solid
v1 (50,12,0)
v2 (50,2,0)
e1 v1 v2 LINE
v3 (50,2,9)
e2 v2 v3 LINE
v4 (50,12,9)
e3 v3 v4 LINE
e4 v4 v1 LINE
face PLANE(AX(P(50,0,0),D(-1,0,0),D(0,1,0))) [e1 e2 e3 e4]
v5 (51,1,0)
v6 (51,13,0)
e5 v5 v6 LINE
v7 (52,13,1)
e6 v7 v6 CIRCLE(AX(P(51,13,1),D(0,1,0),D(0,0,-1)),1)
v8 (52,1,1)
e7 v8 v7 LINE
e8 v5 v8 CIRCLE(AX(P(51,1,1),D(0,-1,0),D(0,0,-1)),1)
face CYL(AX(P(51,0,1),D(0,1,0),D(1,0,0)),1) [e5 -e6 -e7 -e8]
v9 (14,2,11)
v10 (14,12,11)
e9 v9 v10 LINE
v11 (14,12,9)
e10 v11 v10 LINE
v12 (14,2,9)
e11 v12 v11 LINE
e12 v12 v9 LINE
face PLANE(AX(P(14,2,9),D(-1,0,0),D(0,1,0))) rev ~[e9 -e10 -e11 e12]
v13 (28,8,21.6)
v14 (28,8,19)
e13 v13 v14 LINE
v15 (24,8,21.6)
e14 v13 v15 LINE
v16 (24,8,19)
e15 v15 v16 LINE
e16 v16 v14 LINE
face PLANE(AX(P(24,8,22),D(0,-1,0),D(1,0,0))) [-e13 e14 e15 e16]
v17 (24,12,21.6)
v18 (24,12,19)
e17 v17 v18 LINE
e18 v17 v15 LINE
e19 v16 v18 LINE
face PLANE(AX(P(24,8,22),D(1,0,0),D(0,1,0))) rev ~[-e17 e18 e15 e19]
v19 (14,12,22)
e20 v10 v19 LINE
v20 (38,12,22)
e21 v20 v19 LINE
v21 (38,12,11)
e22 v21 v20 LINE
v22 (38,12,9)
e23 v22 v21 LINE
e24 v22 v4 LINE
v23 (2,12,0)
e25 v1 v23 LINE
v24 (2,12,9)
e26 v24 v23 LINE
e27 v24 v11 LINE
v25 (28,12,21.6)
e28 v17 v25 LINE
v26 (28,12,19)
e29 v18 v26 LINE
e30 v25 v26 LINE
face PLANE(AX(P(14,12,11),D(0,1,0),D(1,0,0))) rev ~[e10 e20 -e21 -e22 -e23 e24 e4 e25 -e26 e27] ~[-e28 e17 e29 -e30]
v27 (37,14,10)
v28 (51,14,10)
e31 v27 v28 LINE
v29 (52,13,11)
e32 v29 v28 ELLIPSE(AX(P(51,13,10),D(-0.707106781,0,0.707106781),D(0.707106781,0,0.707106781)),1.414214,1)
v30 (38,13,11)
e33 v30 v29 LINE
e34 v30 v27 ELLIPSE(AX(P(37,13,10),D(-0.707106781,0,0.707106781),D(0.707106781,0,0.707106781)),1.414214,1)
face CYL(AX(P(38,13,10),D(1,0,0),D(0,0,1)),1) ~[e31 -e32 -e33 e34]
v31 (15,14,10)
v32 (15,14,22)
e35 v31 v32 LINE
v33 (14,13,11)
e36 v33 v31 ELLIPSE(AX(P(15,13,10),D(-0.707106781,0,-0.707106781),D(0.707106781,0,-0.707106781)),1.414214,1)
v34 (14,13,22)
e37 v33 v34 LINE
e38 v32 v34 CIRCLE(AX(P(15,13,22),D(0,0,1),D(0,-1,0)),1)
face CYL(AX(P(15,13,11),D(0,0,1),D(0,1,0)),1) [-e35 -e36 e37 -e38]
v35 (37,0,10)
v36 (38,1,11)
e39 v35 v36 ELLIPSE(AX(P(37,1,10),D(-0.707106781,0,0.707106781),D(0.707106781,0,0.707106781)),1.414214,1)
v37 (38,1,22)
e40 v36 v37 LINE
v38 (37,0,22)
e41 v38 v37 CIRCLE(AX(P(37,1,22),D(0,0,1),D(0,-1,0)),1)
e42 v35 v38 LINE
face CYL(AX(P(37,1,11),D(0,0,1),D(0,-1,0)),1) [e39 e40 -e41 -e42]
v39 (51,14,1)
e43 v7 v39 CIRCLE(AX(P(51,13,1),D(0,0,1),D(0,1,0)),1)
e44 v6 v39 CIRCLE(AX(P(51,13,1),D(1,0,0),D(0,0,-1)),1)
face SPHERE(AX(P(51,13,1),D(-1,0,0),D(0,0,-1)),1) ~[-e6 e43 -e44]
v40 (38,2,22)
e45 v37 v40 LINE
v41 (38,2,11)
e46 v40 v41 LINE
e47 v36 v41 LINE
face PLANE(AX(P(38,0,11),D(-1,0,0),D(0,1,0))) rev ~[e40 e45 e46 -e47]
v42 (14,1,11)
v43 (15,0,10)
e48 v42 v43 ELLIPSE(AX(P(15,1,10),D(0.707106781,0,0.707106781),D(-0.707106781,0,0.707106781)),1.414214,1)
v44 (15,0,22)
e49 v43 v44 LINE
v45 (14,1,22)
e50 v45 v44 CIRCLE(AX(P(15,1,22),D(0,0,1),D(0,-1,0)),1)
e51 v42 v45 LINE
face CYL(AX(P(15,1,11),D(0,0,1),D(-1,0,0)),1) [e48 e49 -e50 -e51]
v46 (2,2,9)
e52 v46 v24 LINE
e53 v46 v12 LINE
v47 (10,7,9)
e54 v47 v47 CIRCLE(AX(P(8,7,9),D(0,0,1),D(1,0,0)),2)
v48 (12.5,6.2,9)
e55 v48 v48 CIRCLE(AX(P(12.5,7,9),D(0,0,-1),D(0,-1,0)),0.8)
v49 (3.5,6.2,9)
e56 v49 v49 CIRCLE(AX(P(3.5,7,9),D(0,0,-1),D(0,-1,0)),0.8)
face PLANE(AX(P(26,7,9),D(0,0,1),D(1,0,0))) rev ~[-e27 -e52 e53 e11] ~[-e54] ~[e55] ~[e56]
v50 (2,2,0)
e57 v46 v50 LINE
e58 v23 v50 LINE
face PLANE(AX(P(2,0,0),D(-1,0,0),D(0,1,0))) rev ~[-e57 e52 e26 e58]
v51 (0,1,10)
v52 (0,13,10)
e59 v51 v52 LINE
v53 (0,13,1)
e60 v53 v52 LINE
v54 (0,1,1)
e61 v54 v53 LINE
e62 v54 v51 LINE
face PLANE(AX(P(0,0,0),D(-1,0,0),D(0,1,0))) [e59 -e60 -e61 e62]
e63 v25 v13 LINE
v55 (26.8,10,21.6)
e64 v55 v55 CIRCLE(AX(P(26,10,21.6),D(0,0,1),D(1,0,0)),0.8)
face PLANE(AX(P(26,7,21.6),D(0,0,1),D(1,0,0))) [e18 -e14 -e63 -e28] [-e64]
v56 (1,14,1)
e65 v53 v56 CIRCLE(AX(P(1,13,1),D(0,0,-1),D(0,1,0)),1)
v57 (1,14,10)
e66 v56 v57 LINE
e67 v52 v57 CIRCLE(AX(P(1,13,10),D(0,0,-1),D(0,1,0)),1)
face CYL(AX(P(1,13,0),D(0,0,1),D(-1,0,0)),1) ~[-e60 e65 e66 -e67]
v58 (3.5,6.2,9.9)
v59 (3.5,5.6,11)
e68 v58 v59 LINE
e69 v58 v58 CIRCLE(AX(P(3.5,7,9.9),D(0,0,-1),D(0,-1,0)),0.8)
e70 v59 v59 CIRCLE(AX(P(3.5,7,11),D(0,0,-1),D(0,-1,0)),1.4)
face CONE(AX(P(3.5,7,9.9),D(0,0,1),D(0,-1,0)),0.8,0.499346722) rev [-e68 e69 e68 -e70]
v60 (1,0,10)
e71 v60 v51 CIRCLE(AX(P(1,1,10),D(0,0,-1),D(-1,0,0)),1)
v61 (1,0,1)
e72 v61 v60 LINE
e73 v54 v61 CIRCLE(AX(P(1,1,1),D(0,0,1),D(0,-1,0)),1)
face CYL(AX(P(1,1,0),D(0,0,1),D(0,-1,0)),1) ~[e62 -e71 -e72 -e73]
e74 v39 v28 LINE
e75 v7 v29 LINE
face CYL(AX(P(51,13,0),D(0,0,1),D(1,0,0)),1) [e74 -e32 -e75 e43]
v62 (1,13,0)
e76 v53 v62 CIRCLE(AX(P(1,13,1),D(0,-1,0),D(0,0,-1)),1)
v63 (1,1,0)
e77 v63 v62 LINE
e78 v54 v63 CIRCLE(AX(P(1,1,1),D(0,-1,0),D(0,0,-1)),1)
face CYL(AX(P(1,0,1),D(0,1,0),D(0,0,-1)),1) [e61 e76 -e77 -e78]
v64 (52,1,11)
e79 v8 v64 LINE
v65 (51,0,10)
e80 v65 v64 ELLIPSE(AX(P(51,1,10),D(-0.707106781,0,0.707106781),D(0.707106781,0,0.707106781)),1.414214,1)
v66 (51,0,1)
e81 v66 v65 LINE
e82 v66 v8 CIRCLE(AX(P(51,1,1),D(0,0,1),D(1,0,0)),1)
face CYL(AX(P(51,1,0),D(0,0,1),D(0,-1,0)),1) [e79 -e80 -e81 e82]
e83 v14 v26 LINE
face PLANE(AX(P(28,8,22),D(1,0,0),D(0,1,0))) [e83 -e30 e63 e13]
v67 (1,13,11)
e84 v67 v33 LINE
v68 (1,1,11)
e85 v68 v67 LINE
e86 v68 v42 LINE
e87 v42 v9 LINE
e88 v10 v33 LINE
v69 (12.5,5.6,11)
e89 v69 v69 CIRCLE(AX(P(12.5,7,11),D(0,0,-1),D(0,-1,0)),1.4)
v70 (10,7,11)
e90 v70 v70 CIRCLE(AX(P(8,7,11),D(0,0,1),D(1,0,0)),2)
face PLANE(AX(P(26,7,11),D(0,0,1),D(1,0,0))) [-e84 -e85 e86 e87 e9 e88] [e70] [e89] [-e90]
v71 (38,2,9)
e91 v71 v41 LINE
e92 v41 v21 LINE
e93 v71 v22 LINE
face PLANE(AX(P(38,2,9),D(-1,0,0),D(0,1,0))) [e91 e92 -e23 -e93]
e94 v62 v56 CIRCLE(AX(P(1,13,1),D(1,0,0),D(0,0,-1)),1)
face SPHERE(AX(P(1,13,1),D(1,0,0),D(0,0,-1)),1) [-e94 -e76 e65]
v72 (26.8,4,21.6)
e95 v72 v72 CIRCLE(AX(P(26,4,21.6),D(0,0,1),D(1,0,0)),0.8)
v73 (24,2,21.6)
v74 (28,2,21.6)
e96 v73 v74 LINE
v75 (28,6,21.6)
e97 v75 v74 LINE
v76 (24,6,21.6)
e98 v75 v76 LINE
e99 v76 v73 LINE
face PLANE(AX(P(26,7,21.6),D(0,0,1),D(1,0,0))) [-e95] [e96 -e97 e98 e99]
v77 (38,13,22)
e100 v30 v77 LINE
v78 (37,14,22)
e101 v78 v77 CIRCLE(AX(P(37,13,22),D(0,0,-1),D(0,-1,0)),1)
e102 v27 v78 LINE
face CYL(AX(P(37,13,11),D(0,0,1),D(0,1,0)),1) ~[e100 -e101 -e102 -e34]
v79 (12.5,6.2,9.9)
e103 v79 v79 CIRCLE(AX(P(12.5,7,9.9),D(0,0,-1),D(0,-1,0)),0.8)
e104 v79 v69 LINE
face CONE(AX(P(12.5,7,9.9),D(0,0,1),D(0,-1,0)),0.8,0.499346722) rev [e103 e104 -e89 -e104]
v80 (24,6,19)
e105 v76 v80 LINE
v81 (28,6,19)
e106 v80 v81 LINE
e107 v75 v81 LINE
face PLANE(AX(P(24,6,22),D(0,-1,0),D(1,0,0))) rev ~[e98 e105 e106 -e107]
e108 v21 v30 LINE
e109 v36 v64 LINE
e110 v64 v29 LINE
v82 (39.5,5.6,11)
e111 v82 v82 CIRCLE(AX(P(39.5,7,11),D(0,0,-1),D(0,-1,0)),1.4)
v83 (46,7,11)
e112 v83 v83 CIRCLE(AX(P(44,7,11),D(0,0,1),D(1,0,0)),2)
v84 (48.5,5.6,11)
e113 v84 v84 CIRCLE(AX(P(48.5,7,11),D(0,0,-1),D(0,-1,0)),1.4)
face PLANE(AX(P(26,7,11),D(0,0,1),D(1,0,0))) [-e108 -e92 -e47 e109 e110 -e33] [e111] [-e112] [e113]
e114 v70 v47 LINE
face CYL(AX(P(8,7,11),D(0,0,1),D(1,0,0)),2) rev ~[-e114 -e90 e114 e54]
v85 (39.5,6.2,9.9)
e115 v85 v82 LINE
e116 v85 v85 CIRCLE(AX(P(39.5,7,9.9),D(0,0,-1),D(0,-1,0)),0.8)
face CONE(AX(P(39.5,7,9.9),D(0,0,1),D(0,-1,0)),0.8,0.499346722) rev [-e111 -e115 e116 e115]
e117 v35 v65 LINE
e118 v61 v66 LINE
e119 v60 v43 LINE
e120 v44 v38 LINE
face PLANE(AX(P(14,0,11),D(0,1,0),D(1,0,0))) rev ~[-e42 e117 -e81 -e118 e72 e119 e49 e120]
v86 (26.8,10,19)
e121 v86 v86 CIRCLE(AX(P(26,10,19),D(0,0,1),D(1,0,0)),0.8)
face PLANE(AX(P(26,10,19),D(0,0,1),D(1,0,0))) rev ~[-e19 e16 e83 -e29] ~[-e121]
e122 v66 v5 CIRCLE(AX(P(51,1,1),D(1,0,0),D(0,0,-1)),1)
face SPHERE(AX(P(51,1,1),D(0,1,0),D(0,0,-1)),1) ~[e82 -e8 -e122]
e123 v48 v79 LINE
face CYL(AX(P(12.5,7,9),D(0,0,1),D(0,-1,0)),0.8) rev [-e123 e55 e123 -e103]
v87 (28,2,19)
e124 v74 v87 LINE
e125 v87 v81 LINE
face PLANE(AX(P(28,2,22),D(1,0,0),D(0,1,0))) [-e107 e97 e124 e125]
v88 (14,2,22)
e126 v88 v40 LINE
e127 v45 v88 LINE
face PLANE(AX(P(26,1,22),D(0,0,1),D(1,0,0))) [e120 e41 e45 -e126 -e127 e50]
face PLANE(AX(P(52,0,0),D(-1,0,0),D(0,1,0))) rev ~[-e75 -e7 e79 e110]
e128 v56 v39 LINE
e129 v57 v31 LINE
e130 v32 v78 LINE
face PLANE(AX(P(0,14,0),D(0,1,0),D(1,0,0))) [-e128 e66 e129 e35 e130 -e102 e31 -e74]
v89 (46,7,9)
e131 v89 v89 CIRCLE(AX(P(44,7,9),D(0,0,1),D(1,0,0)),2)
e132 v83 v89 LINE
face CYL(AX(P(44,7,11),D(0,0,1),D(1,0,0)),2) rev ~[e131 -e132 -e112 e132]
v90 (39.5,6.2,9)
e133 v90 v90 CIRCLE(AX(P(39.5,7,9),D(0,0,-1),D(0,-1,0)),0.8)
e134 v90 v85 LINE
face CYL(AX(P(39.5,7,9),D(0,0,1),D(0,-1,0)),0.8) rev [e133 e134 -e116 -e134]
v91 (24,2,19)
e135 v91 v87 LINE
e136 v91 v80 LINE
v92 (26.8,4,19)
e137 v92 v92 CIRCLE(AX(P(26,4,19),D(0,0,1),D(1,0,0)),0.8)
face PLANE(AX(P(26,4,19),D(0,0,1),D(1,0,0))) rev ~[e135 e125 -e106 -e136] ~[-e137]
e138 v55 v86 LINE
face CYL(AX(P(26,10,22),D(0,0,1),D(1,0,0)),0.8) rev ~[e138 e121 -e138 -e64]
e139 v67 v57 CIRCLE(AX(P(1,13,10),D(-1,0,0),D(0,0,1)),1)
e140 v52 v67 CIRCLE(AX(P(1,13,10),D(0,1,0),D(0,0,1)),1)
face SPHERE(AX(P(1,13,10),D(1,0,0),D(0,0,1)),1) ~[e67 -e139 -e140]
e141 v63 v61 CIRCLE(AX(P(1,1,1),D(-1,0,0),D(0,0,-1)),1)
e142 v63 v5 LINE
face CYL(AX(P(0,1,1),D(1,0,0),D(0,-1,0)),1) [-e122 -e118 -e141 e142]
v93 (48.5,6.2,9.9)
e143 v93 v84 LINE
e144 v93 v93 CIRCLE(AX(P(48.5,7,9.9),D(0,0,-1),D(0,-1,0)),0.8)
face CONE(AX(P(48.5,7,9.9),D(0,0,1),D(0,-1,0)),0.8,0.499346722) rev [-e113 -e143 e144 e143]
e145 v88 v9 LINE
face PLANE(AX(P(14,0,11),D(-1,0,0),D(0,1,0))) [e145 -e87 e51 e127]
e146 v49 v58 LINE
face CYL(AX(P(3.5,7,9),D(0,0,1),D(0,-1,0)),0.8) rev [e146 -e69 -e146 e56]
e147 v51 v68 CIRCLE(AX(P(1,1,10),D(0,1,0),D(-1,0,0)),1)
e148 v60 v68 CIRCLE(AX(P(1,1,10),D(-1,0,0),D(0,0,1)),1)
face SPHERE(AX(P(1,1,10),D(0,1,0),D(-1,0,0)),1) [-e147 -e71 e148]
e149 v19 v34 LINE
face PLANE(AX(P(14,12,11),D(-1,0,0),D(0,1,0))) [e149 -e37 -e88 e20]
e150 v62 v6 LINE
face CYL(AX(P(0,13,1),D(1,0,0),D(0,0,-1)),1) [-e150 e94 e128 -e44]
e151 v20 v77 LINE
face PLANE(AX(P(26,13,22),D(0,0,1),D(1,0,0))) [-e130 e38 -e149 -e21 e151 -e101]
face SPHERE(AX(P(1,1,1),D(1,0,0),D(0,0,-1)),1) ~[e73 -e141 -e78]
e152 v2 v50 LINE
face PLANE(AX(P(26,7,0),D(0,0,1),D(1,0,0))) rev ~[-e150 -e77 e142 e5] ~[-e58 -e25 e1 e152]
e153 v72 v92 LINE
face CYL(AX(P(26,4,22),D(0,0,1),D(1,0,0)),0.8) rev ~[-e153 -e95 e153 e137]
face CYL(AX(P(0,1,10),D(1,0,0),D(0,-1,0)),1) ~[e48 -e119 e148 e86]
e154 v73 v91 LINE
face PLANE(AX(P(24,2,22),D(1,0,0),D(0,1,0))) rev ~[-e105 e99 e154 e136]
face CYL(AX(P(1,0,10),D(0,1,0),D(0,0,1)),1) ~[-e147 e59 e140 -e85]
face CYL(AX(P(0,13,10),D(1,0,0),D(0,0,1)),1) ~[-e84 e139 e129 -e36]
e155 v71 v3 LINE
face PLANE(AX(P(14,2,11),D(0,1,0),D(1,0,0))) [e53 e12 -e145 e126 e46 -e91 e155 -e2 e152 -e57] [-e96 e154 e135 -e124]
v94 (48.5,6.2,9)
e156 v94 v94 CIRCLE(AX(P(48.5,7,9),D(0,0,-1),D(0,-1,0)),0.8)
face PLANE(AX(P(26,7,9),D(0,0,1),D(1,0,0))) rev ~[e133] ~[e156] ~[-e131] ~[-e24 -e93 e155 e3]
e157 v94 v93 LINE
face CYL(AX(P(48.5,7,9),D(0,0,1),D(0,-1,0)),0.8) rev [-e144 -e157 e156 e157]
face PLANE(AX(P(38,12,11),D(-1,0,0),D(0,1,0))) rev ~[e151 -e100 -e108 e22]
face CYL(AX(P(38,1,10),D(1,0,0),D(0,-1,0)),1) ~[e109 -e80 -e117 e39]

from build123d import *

# Parameters (mm, degrees)
SKETCH_1_W          = 52
SKETCH_1_H          = 14
EXTRUDE_1_DEPTH     = 11
SHELL_1_T           = -2
SKETCH_2_W          = 24
SKETCH_2_H          = 10
CUT_EXTRUDE_1_DEPTH = 2
SKETCH_3_W          = 24
SKETCH_3_H          = 2
EXTRUDE_2_DEPTH     = 11
SKETCH_8_R          = 2
CUT_EXTRUDE_5_DEPTH = 2
FILLET_1_R          = 1
SKETCH_15_W         = 4
SKETCH_15_H         = 4
EXTRUDE_4_DEPTH     = 3
SKETCH_16_R         = 0.8
CUT_EXTRUDE_7_DEPTH = 3
SKETCH_17_W         = 24
SKETCH_17_H         = 10
CUT_EXTRUDE_8_DEPTH = 0.4


with BuildPart() as part:
    # 草图1 → 凸台-拉伸1 (new body)
    with BuildSketch(Plane.XY):
        with Locations((26, 7)):
            Rectangle(SKETCH_1_W, SKETCH_1_H)
    extrude(amount=EXTRUDE_1_DEPTH)

    # 抽壳1
    shell_1_openings = [part.faces().sort_by_distance(p)[0] for p in [
        (26, 7, 0),
    ]]
    offset(amount=SHELL_1_T, openings=shell_1_openings, kind=Kind.INTERSECTION)

    # 草图2 → 切除-拉伸1 (cut)
    with BuildSketch(Plane(origin=(0, 0, 9), x_dir=(-1, 0, 0), z_dir=(0, 0, -1))):
        with Locations((-26, 7)):
            Rectangle(SKETCH_2_W, SKETCH_2_H)
    extrude(amount=-CUT_EXTRUDE_1_DEPTH, mode=Mode.SUBTRACT)

    # 草图3 → 凸台-拉伸2 (add)
    with BuildSketch(Plane.XY.offset(11)):
        with Locations((26, 1)):
            Rectangle(SKETCH_3_W, SKETCH_3_H)
        with Locations((26, 13)):
            Rectangle(SKETCH_3_W, SKETCH_3_H)
    extrude(amount=EXTRUDE_2_DEPTH)

    # 草图8 → 切除-拉伸5 (cut)
    with BuildSketch(Plane.XY.offset(11)):
        with Locations((8, 7)):
            Circle(SKETCH_8_R)
        with Locations((44, 7)):
            Circle(SKETCH_8_R)
    extrude(amount=-CUT_EXTRUDE_5_DEPTH, mode=Mode.SUBTRACT)

    # 圆角1
    fillet_1_edges = [part.edges().sort_by_distance(p)[0] for p in [
        (45, 14, 11),
        (45, 0, 11),
        (7, 14, 11),
        (38, 0, 16.5),
        (14, 0, 16.5),
        (0, 7, 11),
        (26, 14, 0),
        (14, 14, 16.5),
        (38, 14, 16.5),
        (52, 7, 0),
        (26, 0, 0),
        (0, 7, 0),
        (0, 14, 5.5),
        (52, 14, 5.5),
        (52, 0, 5.5),
        (0, 0, 5.5),
        (7, 0, 11),
    ]]
    fillet(fillet_1_edges, radius=FILLET_1_R)

    # 草图15 → 凸台-拉伸4 (add)
    with BuildSketch(Plane.XY.offset(22)):
        with Locations((26, 4)):
            Rectangle(SKETCH_15_W, SKETCH_15_H)
        with Locations((26, 10)):
            Rectangle(SKETCH_15_W, SKETCH_15_H)
    extrude(amount=-EXTRUDE_4_DEPTH)

    # 草图16 → 切除-拉伸7 (cut)
    with BuildSketch(Plane.XY.offset(22)):
        with Locations((26, 10)):
            Circle(SKETCH_16_R)
        with Locations((26, 4)):
            Circle(SKETCH_16_R)
    extrude(amount=-CUT_EXTRUDE_7_DEPTH, mode=Mode.SUBTRACT)

    # 草图19 → 切除-旋转6 (revolve, cut)
    with BuildSketch(Plane(origin=(0, 7, 0), x_dir=(1, 0, 0), z_dir=(0, 1, 0)), mode=Mode.PRIVATE) as cut_revolve_6_sk:
        Polygon((2.1, -11), (3.5, -11), (3.5, -9), (2.7, -9), (2.7, -9.9), align=None)
    revolve(cut_revolve_6_sk.sketch.rotate(Axis((3.5, 7, 11), (0, 0, -1)), 270), axis=Axis((3.5, 7, 11), (0, 0, -1)), mode=Mode.SUBTRACT)

    # 草图20 → 切除-旋转7 (revolve, cut)
    with BuildSketch(Plane(origin=(0, 7, 0), x_dir=(1, 0, 0), z_dir=(0, 1, 0)), mode=Mode.PRIVATE) as cut_revolve_7_sk:
        Polygon((11.1, -11), (12.5, -11), (12.5, -9), (11.7, -9), (11.7, -9.9), align=None)
    revolve(cut_revolve_7_sk.sketch.rotate(Axis((12.5, 7, 11), (0, 0, -1)), 270), axis=Axis((12.5, 7, 11), (0, 0, -1)), mode=Mode.SUBTRACT)

    # 草图21 → 切除-旋转8 (revolve, cut)
    with BuildSketch(Plane(origin=(0, 7, 0), x_dir=(1, 0, 0), z_dir=(0, 1, 0)), mode=Mode.PRIVATE) as cut_revolve_8_sk:
        Polygon((38.1, -11), (39.5, -11), (39.5, -9), (38.7, -9), (38.7, -9.9), align=None)
    revolve(cut_revolve_8_sk.sketch.rotate(Axis((39.5, 7, 11), (0, 0, -1)), 270), axis=Axis((39.5, 7, 11), (0, 0, -1)), mode=Mode.SUBTRACT)

    # 草图22 → 切除-旋转9 (revolve, cut)
    with BuildSketch(Plane(origin=(0, 7, 0), x_dir=(1, 0, 0), z_dir=(0, 1, 0)), mode=Mode.PRIVATE) as cut_revolve_9_sk:
        Polygon((47.1, -11), (48.5, -11), (48.5, -9), (47.7, -9), (47.7, -9.9), align=None)
    revolve(cut_revolve_9_sk.sketch.rotate(Axis((48.5, 7, 11), (0, 0, -1)), 270), axis=Axis((48.5, 7, 11), (0, 0, -1)), mode=Mode.SUBTRACT)

    # 草图17 → 切除-拉伸8 (cut)
    with BuildSketch(Plane.XY.offset(22)):
        with Locations((26, 7)):
            Rectangle(SKETCH_17_W, SKETCH_17_H)
    extrude(amount=-CUT_EXTRUDE_8_DEPTH, mode=Mode.SUBTRACT)


solid = part.part
